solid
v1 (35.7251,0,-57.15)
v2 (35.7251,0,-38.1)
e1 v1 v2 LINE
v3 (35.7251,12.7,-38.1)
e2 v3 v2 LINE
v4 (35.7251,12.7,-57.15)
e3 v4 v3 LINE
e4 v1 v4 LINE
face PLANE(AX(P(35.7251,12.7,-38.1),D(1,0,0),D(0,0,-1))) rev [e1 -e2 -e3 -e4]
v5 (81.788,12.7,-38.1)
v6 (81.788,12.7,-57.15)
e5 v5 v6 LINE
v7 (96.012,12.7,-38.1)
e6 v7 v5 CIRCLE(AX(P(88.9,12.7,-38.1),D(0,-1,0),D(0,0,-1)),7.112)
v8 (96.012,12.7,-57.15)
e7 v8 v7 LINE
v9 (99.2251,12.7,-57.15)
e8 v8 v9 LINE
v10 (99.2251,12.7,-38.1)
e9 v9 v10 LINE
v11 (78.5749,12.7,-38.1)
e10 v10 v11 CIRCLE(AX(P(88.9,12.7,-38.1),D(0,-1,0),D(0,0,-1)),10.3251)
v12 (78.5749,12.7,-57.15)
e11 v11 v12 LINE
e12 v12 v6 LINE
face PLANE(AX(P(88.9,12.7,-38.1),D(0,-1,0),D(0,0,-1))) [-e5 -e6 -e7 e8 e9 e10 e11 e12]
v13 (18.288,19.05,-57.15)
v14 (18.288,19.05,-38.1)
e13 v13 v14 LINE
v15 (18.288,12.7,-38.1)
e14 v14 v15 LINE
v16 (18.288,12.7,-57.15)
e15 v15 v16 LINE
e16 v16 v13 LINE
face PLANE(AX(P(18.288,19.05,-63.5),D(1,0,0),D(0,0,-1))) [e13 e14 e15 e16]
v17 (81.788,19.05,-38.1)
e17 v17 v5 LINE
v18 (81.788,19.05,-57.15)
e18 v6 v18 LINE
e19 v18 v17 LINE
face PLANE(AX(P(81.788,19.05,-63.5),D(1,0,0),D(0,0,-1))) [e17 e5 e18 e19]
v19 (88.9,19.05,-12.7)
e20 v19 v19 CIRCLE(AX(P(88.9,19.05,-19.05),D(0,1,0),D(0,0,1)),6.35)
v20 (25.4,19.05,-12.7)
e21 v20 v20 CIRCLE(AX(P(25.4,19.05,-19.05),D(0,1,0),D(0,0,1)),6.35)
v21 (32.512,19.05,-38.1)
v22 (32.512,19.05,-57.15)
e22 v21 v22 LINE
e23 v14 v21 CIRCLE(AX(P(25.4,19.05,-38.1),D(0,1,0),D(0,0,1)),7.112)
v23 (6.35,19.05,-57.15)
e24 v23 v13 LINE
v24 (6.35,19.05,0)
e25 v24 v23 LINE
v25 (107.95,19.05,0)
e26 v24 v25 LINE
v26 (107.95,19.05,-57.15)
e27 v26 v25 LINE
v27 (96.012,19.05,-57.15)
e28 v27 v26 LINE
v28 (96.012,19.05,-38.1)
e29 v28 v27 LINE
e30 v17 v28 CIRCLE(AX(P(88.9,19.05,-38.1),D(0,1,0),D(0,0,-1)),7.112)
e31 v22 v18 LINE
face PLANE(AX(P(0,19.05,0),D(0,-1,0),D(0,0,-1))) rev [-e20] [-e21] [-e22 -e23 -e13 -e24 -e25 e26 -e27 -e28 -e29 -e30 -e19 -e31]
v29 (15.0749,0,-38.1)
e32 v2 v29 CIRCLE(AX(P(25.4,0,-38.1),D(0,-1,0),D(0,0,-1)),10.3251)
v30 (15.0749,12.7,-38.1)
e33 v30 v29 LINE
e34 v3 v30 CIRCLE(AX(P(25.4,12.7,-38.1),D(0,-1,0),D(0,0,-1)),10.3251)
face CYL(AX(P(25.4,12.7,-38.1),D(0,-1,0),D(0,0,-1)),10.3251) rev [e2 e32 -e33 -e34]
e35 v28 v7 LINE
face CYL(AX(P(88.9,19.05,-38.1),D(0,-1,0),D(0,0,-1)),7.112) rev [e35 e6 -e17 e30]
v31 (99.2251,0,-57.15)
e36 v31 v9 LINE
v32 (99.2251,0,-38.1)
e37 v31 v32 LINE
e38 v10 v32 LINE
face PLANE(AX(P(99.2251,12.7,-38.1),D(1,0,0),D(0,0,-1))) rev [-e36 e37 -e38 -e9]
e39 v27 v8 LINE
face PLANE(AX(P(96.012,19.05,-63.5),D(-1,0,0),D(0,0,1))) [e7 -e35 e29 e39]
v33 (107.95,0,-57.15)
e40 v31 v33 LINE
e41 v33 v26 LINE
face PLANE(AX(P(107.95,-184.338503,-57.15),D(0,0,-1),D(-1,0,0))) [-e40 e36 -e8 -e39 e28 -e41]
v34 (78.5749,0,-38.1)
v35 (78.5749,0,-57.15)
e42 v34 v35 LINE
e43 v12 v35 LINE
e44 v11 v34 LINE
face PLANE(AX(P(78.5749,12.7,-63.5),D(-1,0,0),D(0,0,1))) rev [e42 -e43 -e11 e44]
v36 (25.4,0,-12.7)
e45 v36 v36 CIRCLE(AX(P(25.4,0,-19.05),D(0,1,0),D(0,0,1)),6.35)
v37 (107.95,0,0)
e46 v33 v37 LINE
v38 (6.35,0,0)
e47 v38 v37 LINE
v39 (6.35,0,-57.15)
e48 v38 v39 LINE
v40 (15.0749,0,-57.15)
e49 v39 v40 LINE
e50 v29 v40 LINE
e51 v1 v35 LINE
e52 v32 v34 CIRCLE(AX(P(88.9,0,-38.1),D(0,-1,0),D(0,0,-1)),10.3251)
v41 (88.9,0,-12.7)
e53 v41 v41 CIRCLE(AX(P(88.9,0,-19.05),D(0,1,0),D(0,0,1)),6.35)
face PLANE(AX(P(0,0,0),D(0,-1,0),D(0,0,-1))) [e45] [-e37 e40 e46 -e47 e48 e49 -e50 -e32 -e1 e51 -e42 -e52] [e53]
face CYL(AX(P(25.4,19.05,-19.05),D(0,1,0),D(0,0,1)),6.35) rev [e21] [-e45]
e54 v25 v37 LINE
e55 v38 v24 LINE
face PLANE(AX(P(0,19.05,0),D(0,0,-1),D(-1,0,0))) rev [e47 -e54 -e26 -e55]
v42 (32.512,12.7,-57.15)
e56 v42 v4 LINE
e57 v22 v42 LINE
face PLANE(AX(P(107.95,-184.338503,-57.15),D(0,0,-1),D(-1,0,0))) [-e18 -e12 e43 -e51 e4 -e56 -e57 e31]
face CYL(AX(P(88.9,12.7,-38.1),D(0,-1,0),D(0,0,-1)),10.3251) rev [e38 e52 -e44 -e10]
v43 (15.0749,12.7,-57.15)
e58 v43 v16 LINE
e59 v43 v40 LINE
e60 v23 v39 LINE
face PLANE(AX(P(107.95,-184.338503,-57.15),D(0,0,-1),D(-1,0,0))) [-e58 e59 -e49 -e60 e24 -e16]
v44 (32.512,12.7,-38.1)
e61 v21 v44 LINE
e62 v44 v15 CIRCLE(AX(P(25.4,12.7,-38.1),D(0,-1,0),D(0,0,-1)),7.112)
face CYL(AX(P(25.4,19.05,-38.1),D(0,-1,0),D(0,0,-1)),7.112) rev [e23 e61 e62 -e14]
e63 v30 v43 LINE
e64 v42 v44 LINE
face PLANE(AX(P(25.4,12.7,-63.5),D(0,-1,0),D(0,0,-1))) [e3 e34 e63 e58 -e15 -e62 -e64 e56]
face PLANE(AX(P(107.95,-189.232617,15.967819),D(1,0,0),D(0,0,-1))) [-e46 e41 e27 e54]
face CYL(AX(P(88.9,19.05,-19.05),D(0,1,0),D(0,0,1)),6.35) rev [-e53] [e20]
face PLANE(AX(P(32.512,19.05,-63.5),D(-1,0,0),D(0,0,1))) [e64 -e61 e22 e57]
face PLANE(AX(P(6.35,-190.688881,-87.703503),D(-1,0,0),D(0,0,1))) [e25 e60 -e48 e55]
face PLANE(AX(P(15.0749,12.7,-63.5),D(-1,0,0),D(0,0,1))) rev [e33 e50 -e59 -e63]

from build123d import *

# Parameters (mm, degrees)
SKETCH1_W               = 114.3
SKETCH1_H               = 76.2
BASE_EXTRUDE_DEPTH      = 19.05
F_1_2_20_TAPPED_HOLE1_D = 12.7
CUT_EXTRUDE1_DEPTH      = 12.7
CUT_EXTRUDE2_DEPTH      = 12.7
SKETCH7_W               = 6.35
SKETCH7_H               = 76.2
CUT_EXTRUDE3_DEPTH      = 1
CUT_EXTRUDE3_DEPTH_BACK = 20.05
SKETCH8_W               = 6.35
SKETCH8_H               = 76.2
CUT_EXTRUDE4_DEPTH      = 1
CUT_EXTRUDE4_DEPTH_BACK = 20.05
CUT_EXTRUDE5_DEPTH      = 1
CUT_EXTRUDE5_DEPTH_BACK = 20.05


with BuildPart() as part:
    # Sketch1 → Base-Extrude (new body)
    with BuildSketch(Plane(origin=(0, 0, 0), x_dir=(1, 0, 0), z_dir=(0, 1, 0))):
        with Locations((57.15, 38.1)):
            Rectangle(SKETCH1_W, SKETCH1_H)
        with BuildLine():
            Line((96.012, 63.5), (96.012, 38.1))
            ThreePointArc((96.012, 38.1), (88.9, 30.988), (81.788, 38.1))
            Line((81.788, 38.1), (81.788, 63.5))
            ThreePointArc((81.788, 63.5), (88.9, 70.612), (96.012, 63.5))
        make_face(mode=Mode.SUBTRACT)
        with BuildLine():
            Line((18.288, 63.5), (18.288, 38.1))
            ThreePointArc((18.288, 38.1), (25.4, 30.988), (32.512, 38.1))
            Line((32.512, 38.1), (32.512, 63.5))
            ThreePointArc((32.512, 63.5), (25.4, 70.612), (18.288, 63.5))
        make_face(mode=Mode.SUBTRACT)
    extrude(amount=BASE_EXTRUDE_DEPTH)

    # 1/2-20 Tapped Hole1 (through all)
    with Locations(Plane(origin=(0, 19.05, 0), x_dir=(-1, 0, 0), z_dir=(0, 1, 0))):
        with Locations((-25.4, -19.05), (-88.9, -19.05)):
            Hole(F_1_2_20_TAPPED_HOLE1_D / 2)

    # Sketch4 → Cut-Extrude1 (cut)
    with BuildSketch(Plane.XZ):
        with BuildLine():
            Line((15.0749, -63.5), (15.0749, -38.1))
            ThreePointArc((15.0749, -38.1), (25.4, -27.7749), (35.7251, -38.1))
            Line((35.7251, -38.1), (35.7251, -63.5))
            ThreePointArc((35.7251, -63.5), (25.4, -73.8251), (15.0749, -63.5))
        make_face()
    extrude(amount=-CUT_EXTRUDE1_DEPTH, mode=Mode.SUBTRACT)

    # Sketch5 → Cut-Extrude2 (cut)
    with BuildSketch(Plane.XZ):
        with BuildLine():
            Line((99.2251, -38.1), (99.2251, -63.5))
            ThreePointArc((99.2251, -63.5), (88.9, -73.8251), (78.5749, -63.5))
            Line((78.5749, -63.5), (78.5749, -38.1))
            ThreePointArc((78.5749, -38.1), (88.9, -27.7749), (99.2251, -38.1))
        make_face()
    extrude(amount=-CUT_EXTRUDE2_DEPTH, mode=Mode.SUBTRACT)

    # Sketch7 → Cut-Extrude3 (cut, two sides)
    with BuildSketch(Plane.XZ) as cut_extrude3_sk:
        with Locations((111.125, -38.1)):
            Rectangle(SKETCH7_W, SKETCH7_H)
    extrude(amount=CUT_EXTRUDE3_DEPTH, mode=Mode.SUBTRACT)
    extrude(cut_extrude3_sk.sketch, amount=-CUT_EXTRUDE3_DEPTH_BACK, mode=Mode.SUBTRACT)

    # Sketch8 → Cut-Extrude4 (cut, two sides)
    with BuildSketch(Plane.XZ) as cut_extrude4_sk:
        with Locations((3.175, -38.1)):
            Rectangle(SKETCH8_W, SKETCH8_H)
    extrude(amount=CUT_EXTRUDE4_DEPTH, mode=Mode.SUBTRACT)
    extrude(cut_extrude4_sk.sketch, amount=-CUT_EXTRUDE4_DEPTH_BACK, mode=Mode.SUBTRACT)

    # Sketch9 → Cut-Extrude5 (cut, two sides)
    with BuildSketch(Plane.XZ) as cut_extrude5_sk:
        Polygon((351.091008834, -57.15), (107.95, -57.15), (6.35, -57.15), (-236.791008834, -57.15), (-236.791008834, -543.432017667), (351.091008834, -543.432017667), align=None)
    extrude(amount=CUT_EXTRUDE5_DEPTH, mode=Mode.SUBTRACT)
    extrude(cut_extrude5_sk.sketch, amount=-CUT_EXTRUDE5_DEPTH_BACK, mode=Mode.SUBTRACT)


solid = part.part
